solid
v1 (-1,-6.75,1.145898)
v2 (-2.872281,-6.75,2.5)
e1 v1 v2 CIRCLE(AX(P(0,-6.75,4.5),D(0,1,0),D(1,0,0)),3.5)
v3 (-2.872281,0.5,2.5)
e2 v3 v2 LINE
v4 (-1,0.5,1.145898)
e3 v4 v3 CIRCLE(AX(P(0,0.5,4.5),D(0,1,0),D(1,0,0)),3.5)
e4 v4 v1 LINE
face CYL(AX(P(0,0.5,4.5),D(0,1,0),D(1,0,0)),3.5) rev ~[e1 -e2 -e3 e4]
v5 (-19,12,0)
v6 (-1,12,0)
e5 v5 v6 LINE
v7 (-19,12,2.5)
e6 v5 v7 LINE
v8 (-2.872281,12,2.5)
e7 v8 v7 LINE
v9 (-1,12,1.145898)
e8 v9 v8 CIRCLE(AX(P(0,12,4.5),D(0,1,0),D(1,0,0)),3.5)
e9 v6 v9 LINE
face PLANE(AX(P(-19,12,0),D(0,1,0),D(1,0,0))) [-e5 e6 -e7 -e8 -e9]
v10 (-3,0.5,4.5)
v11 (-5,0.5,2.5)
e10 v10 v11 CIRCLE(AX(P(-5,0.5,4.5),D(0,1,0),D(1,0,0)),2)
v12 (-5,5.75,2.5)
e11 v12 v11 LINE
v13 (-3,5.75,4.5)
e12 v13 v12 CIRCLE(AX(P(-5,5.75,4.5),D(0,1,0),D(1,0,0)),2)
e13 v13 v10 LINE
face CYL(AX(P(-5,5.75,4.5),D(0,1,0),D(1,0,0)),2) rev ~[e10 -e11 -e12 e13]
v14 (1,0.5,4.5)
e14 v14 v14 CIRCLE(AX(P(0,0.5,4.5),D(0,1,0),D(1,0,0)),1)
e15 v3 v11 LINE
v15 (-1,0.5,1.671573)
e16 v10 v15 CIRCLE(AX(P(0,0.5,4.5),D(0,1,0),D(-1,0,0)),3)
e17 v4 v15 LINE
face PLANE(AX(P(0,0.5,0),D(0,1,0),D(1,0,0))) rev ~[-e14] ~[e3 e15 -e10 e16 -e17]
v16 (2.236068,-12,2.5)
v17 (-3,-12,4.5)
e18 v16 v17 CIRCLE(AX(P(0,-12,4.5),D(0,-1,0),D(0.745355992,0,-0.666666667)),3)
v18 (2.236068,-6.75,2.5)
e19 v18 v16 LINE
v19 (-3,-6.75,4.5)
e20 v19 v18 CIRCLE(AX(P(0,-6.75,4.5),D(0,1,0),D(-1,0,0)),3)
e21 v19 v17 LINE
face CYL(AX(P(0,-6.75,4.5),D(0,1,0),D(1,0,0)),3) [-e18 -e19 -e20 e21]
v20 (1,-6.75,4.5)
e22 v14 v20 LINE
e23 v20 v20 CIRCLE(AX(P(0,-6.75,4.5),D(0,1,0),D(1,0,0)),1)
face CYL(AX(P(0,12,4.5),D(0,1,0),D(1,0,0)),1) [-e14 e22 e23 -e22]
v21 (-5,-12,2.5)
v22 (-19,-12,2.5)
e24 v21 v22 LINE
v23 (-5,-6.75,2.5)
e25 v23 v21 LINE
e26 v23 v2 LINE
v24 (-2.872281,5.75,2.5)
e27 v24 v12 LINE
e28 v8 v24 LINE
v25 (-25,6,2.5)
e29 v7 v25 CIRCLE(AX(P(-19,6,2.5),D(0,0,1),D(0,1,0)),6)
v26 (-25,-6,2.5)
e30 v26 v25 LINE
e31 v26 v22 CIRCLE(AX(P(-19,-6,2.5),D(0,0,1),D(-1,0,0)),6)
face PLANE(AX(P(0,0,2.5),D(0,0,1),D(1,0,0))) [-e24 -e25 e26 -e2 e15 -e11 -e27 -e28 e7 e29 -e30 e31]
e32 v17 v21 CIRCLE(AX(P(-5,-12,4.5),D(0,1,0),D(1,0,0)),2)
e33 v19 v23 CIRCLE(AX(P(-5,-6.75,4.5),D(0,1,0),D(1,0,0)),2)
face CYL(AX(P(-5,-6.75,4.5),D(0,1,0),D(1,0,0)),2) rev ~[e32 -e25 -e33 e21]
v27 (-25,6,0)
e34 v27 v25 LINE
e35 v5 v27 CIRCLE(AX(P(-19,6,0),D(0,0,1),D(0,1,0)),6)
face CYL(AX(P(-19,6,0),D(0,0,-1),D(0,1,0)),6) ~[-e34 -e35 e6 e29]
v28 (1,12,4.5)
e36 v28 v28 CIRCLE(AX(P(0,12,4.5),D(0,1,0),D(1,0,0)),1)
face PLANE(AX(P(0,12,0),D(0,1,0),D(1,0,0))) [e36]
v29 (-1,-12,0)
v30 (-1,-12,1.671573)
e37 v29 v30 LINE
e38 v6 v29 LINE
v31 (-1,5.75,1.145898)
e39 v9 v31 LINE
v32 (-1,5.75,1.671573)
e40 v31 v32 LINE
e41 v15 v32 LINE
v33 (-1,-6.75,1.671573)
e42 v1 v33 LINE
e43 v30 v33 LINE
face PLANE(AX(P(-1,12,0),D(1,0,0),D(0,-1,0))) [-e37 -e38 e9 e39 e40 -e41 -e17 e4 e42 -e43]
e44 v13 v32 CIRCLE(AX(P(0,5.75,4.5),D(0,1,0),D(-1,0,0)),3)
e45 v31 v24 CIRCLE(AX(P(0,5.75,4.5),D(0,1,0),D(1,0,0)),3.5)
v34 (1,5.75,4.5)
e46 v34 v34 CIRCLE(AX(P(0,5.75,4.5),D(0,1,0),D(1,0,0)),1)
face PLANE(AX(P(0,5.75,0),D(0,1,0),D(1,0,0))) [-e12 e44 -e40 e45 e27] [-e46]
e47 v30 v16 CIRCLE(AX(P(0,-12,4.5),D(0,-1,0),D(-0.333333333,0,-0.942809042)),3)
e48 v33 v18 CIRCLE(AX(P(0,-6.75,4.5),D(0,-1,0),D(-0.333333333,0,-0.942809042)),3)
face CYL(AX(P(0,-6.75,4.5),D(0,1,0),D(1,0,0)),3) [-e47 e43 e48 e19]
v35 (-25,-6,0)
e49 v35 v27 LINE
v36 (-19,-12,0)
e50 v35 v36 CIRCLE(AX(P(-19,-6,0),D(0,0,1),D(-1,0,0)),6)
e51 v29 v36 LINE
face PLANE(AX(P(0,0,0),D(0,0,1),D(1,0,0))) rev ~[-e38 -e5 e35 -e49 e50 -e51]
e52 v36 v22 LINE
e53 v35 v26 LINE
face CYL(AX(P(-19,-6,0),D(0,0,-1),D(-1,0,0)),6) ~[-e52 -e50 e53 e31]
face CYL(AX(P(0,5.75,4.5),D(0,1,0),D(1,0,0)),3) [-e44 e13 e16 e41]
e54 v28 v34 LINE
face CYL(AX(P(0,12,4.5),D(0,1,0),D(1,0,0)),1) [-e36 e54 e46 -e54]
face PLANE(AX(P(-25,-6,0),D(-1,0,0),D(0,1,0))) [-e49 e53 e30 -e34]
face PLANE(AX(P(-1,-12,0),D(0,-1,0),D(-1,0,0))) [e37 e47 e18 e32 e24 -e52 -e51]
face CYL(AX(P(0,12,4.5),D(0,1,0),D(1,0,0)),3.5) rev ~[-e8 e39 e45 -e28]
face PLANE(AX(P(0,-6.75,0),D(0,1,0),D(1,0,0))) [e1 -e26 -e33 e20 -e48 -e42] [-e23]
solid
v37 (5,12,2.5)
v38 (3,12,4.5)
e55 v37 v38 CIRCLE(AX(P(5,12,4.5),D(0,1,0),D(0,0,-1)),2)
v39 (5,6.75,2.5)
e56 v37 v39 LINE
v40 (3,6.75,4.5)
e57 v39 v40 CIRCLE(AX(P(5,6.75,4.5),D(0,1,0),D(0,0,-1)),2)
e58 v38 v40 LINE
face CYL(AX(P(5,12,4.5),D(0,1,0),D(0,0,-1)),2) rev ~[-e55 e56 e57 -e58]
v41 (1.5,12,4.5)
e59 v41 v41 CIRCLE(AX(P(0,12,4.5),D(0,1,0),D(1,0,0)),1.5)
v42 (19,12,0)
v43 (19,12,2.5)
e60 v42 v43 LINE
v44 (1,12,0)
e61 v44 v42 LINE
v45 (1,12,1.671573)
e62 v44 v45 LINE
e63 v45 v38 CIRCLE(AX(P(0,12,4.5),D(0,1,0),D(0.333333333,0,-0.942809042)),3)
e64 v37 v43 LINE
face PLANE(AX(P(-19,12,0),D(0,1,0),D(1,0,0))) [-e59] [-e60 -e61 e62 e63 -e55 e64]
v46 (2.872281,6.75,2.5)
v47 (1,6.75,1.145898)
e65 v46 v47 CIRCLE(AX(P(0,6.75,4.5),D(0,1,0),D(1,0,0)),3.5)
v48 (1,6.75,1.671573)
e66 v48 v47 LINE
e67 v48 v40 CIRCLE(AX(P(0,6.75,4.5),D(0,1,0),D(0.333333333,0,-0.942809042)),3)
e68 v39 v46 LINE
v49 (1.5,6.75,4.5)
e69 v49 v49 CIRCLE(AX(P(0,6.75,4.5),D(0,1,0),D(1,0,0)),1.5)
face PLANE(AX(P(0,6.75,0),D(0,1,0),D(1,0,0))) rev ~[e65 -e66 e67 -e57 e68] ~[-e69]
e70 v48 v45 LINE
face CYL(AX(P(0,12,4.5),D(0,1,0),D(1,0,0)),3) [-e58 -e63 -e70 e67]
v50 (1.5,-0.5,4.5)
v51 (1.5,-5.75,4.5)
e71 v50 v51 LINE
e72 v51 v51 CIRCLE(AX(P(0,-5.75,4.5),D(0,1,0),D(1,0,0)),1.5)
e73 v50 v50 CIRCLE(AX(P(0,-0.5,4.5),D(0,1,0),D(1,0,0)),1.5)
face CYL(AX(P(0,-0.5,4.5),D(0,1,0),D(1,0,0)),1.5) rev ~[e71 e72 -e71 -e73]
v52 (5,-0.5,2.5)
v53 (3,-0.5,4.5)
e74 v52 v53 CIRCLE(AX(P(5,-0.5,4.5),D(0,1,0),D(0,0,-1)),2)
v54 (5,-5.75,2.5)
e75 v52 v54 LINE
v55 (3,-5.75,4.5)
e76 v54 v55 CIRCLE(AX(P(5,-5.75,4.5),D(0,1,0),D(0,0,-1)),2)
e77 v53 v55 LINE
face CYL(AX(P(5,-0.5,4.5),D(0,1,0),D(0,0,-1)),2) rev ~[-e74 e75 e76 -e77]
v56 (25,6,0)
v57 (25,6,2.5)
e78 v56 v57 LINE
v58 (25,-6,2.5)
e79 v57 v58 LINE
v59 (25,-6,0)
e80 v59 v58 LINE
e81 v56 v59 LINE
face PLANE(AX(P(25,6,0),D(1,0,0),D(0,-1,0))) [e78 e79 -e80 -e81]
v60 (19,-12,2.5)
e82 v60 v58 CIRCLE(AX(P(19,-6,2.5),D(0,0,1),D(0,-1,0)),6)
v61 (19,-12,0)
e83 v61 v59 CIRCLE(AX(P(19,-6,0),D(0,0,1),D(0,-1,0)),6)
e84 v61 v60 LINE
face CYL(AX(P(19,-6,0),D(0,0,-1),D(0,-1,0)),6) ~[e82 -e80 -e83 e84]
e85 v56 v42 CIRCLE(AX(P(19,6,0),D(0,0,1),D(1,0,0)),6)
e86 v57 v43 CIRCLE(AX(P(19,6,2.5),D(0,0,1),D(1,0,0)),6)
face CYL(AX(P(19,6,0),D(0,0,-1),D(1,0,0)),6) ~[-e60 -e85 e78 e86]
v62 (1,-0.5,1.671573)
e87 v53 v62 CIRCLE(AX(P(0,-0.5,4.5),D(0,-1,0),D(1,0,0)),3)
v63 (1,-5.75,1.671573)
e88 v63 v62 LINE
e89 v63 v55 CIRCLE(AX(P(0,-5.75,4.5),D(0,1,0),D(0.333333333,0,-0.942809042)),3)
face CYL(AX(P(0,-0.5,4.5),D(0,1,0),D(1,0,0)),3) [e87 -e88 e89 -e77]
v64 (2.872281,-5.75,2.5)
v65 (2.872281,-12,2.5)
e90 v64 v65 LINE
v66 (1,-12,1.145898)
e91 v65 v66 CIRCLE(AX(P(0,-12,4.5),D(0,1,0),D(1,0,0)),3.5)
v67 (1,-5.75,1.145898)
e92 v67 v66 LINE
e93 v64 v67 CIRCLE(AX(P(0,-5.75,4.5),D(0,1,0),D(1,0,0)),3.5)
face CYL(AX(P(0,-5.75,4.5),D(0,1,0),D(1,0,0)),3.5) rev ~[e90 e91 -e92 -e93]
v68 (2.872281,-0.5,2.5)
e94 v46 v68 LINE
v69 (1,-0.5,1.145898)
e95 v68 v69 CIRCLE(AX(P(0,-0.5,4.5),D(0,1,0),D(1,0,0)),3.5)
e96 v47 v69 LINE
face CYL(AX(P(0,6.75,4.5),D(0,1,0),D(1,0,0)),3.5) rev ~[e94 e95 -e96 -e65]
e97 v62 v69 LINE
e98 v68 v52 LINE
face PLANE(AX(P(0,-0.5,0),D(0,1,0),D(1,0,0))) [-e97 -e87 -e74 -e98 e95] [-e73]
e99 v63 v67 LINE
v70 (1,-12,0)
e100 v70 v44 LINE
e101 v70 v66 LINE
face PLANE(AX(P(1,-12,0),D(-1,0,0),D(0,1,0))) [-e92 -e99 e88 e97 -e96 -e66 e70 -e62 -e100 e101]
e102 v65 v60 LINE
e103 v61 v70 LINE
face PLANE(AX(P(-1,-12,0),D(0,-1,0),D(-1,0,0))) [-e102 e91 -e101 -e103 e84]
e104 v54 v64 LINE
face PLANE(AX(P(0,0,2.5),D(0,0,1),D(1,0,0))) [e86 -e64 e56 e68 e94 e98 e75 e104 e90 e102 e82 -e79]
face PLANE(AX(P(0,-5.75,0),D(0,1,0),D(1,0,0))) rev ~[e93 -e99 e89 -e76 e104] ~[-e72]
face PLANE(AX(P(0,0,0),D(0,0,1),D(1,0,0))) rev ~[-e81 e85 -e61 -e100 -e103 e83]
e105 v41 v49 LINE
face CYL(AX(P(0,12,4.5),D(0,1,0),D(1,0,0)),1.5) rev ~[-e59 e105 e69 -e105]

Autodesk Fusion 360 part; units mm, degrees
sketch "Sketch1" plane through (0, 0, 0) normal (0, 0, 1) x (1, 0, 0)
  line L0 (25, -12) -> (-25, -12) construction
  line L1 (-25, -6) -> (-25, 6) construction
  line L2 (-25, 12) -> (25, 12) construction
  line L3 (25, 6) -> (25, -12) construction
  line L4 (25, -12) -> (-25, 12) construction
  line L5 (-25, -12) -> (25, 12) construction
  line L6 (0, 12) -> (0, -12) construction
  line L7 (-19, 12) -> (-1, 12)
  line L8 (-1, 12) -> (-1, -12)
  line L9 (-1, -12) -> (-19, -12)
  line L10 (-25, -12) -> (-25, 12)
  line L11 (1, 12) -> (19, 12)
  line L12 (25, 12) -> (25, -6)
  line L13 (19, -12) -> (1, -12)
  line L14 (1, -12) -> (1, 12)
  arc A0 (-19, 12) -> (-25, 6) centre (-19, 6) ccw
  arc A1 (-25, -6) -> (-19, -12) centre (-19, -6) ccw
  arc A2 (19, -12) -> (25, -6) centre (19, -6) ccw
  arc A3 (25, 6) -> (19, 12) centre (19, 6) ccw
  dimension "d1" = 6
  dimension "d2" = 6
  dimension "d3" = 6
extrude "Extrude1" add sketch "Sketch1" along normal blind 2.5 makes body 1 at (-7, -4, 0) makes body 2 at (7, 4, 0)
sketch "Sketch2" plane through (0, 12, 0) normal (0, 1, 0) x (1, 0, 0)
  line L0 (-19, -2.5) -> (-5, -2.5)
  circle A0 centre (0, -4.5) radius 3
  circle A1 centre (0, -4.5) radius 1.5
  line L1 (-3, -4.5) -> (-3, -4.5) construction
  line L2 (3, -4.5) -> (3, -4.5) construction
  arc A2 (-3, -4.5) -> (-5, -2.5) centre (-5, -4.5) ccw
  line L3 (5, -2.5) -> (7.5, -2.5) construction
  arc A3 (5, -2.5) -> (3, -4.5) centre (5, -4.5) ccw
  line L4 (-5, -2.5) -> (5, -2.5)
  circle A4 centre (0, -4.5) radius 1.25
  line L5 (-1, 0) -> (-19, 0)
  line L6 (-19, 0) -> (-19, -2.5)
  line L7 (-19, -2.5) -> (-1, -2.5)
  line L8 (-1, -2.5) -> (-1, 0)
  point P0 (19, -2.5)
  dimension "d6" = 38
  dimension "d7" = 6
  dimension "d8" = 3
  dimension "d9" = 2
  dimension "d10" = 2
  dimension "d11" = 2.5
extrude "Extrude2" add sketch "Sketch2" against normal blind 5.25 contours A0 A2 L4 L7 | A0 L4 L7 | A0 A3 L4 bodies 1 2
extrude "Extrude3" add sketch "Sketch2" against normal blind 5.25 from surface at -6.25 contours A0 A2 L4 L7 | A0 L4 L7 | A0 A3 L4 | A1 bodies 1
extrude "Extrude4" add sketch "Sketch2" against normal blind 5.25 from surface at -12.5 contours A0 A2 L4 L7 | A0 L4 L7 | A0 A3 L4 bodies 1
extrude "Extrude5" add sketch "Sketch2" against normal blind 5.25 from surface at -18.75 contours A0 A2 L4 L7 | A0 L4 L7 | A0 A3 L4 | A1 bodies 1
extrude "Extrude6" add sketch "Sketch2" against normal blind 24 contours A4 bodies 1
sketch "Sketch3" plane through (0, 12, 5.583) normal (0, 1, 0) x (1, 0, 0)
sketch "Sketch4" plane through (0, 12, 0) normal (0, 1, 0) x (1, 0, 0)
  circle A0 centre (0, -4.5) radius 1
  dimension "d25" = 2
extrude "Extrude7" cut sketch "Sketch2" against normal blind 24 contours A4 bodies 1
extrude "Extrude8" add sketch "Sketch2" against normal blind 5.25 from surface at -6.25 contours A4 bodies 1
extrude "Extrude9" add sketch "Sketch2" against normal blind 5.25 from surface at -18.75 contours A4 bodies 1
extrude "Extrude10" add sketch "Sketch4" against normal blind 24 bodies 1
extrude "Extrude11" cut sketch "Sketch2" against normal blind 5.25 contours A0 A2 L4 L7 bodies 1
extrude "Extrude12" cut sketch "Sketch2" against normal blind 5.25 from surface at -12.5 contours A0 A2 L4 L7 bodies 1
extrude "Extrude13" cut sketch "Sketch2" against normal blind 5.25 from surface at -6.25 contours A0 A3 L4 bodies 1
extrude "Extrude14" cut sketch "Sketch2" against normal blind 5.25 from surface at -18.75 contours A0 A3 L4 bodies 1
extrude "Extrude15" add sketch "Sketch2" against normal blind 5.25 contours A0 L4 L7 L8 | A0 L4 L8 bodies 1
extrude "Extrude16" add sketch "Sketch2" against normal blind 5.25 from surface at -6.25 contours A0 L4 L7 L8 | A0 L4 L8 bodies 1
extrude "Extrude17" add sketch "Sketch2" against normal blind 5.25 from surface at -12.5 contours A0 L4 L7 L8 | A0 L4 L8 bodies 1
extrude "Extrude18" add sketch "Sketch2" against normal blind 5.25 from surface at -18.75 contours A0 L4 L7 L8 | A0 L4 L8 bodies 1
sketch "Sketch5" plane through (0, 12, 0) normal (0, 1, 0) x (1, 0, 0)
  circle A0 centre (0, -4.5) radius 3
  circle A1 centre (0, -4.5) radius 3.5
  line L0 (-1, -2.5) -> (-3.5, -2.5)
  line L1 (-3.5, -2.5) -> (-3.5, -0.7)
  line L2 (-3.5, -0.7) -> (-1, -0.7)
  line L3 (-1, -0.7) -> (-1, -2.5)
  line L4 (1, -0.7) -> (3.5, -0.7)
  line L5 (3.5, -0.7) -> (3.5, -2.5)
  line L6 (3.5, -2.5) -> (1, -2.5)
  line L7 (1, -2.5) -> (1, -0.7)
  dimension "d58" = 6
  dimension "d59" = 7
extrude "Extrude19" cut sketch "Sketch5" against normal blind 6.25 contours A0 A1 L0 L3 bodies 1
extrude "Extrude20" cut sketch "Sketch5" against normal blind 7.25 from surface at -11.5 contours A0 A1 L0 L3 bodies 1
extrude "Extrude21" cut sketch "Sketch5" against normal blind 1 from surface at -5.25 contours A0 L6 L7 | A0 L0 L3 bodies 1
extrude "Extrude22" cut sketch "Sketch5" against normal blind 1 from surface at -11.5 contours A0 L6 L7 | A0 L0 L3 bodies 1
extrude "Extrude23" cut sketch "Sketch5" against normal blind 1 from surface at -17.75 contours A0 L6 L7 | A0 L0 L3 bodies 1
extrude "Extrude24" cut sketch "Sketch5" against normal blind 7.25 from surface at -5.25 contours A0 A1 L6 L7 bodies 1
extrude "Extrude25" cut sketch "Sketch5" against normal blind 6.25 from surface at -17.75 contours A0 A1 L6 L7 bodies 1 makes body 3 at (7, 4, 0)
